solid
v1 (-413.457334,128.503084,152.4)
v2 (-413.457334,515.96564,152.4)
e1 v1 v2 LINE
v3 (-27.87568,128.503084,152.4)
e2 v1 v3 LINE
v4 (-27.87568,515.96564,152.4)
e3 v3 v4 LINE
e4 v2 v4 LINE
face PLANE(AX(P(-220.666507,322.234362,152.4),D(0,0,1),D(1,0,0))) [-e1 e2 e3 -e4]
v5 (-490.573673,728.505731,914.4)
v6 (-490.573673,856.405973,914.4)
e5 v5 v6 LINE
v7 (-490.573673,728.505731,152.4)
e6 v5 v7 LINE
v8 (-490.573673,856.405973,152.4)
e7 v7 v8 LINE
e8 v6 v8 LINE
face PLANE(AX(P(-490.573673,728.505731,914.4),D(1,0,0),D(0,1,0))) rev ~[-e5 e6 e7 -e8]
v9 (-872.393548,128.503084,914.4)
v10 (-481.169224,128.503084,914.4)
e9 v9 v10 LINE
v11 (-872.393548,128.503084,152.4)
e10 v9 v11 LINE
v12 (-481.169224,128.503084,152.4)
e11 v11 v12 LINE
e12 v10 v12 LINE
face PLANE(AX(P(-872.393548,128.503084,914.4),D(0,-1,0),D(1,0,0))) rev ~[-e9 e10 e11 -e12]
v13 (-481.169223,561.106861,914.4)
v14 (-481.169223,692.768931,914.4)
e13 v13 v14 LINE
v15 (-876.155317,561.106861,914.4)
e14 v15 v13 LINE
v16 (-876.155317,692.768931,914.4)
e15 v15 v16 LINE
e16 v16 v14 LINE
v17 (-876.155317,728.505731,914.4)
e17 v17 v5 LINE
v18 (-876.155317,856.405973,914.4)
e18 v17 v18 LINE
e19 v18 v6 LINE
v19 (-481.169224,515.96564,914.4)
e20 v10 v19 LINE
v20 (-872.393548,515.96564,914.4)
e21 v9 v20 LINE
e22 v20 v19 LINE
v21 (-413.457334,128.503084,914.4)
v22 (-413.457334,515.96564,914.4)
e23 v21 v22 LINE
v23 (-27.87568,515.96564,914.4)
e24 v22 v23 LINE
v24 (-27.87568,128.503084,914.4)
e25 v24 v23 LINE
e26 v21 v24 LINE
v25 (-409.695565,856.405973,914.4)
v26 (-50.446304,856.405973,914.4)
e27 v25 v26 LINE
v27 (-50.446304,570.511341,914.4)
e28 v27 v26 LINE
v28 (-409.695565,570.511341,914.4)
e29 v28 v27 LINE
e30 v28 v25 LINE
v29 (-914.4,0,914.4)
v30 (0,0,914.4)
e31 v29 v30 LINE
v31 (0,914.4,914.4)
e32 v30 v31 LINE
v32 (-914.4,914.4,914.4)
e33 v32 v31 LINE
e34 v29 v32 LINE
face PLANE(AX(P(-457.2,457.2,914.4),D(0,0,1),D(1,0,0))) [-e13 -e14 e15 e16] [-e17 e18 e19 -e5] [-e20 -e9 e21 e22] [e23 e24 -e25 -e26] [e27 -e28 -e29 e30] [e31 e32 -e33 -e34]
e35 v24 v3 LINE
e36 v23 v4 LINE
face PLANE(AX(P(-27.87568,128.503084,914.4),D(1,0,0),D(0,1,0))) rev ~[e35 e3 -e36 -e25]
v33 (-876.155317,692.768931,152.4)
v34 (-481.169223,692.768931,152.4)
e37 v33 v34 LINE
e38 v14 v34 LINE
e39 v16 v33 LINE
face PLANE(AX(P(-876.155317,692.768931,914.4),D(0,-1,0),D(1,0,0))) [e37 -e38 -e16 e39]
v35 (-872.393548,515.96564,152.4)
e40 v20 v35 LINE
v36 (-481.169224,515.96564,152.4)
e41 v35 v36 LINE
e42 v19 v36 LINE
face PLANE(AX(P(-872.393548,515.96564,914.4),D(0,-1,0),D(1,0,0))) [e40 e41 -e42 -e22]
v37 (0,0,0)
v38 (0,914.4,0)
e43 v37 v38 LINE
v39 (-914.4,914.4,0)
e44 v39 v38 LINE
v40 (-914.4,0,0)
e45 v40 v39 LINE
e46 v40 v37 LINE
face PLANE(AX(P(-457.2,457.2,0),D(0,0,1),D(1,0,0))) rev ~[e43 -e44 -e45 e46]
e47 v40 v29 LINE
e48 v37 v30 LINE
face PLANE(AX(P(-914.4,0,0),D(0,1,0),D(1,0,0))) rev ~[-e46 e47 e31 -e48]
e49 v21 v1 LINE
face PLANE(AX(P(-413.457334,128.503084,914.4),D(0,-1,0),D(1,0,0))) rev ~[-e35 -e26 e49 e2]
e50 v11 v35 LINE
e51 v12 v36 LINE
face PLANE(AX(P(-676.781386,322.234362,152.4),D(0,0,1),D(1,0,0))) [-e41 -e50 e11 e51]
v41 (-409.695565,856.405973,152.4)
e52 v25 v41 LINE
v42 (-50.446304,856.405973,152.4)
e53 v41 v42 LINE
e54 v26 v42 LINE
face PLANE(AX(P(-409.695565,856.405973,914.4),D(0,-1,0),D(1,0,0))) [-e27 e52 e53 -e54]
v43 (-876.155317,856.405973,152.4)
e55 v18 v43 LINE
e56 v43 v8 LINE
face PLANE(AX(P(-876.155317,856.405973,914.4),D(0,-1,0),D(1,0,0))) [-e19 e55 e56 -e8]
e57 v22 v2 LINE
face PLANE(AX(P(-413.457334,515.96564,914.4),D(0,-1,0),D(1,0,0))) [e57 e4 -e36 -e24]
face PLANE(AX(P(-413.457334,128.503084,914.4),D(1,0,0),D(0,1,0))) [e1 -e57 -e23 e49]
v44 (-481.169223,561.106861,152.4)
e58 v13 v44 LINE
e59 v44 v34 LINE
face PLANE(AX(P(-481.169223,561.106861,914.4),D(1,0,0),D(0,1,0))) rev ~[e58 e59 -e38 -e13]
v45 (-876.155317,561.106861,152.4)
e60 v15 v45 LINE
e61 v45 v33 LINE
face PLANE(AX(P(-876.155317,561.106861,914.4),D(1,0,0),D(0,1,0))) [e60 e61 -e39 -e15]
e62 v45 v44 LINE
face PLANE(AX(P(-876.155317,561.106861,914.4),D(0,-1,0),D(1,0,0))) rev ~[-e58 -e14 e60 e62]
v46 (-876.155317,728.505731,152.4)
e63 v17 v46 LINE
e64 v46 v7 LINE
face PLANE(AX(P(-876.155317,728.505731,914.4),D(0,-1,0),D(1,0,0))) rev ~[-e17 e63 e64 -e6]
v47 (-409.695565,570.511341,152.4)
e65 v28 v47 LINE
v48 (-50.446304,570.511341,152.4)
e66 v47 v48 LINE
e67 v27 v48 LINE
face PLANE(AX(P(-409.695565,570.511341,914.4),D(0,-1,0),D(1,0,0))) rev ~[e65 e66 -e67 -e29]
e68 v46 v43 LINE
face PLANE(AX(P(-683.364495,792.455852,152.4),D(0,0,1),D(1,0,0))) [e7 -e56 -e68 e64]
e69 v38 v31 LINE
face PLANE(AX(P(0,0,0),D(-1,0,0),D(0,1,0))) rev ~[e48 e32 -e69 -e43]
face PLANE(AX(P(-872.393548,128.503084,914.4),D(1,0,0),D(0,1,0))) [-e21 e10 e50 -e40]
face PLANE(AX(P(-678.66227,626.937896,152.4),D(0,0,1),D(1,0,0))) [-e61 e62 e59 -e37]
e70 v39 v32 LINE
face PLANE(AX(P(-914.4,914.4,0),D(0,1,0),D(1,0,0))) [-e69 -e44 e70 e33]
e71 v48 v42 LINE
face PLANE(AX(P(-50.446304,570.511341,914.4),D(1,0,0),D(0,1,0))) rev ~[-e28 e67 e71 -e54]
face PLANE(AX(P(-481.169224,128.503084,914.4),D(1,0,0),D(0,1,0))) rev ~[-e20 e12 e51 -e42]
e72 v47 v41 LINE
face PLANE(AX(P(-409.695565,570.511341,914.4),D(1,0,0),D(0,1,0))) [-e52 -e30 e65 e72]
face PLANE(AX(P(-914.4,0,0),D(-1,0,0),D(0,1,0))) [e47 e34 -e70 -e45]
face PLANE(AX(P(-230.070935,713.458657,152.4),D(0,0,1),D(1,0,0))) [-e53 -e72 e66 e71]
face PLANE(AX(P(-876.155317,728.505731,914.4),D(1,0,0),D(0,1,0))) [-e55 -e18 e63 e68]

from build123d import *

# Parameters (mm, degrees)
F0_W     = 914.4
F0_H     = 914.4
F1_DEPTH = 914.4
F2_W     = 385.581643
F2_H     = 127.900242
F2_W_2   = 359.249261
F2_H_2   = 285.894632
F2_W_3   = 394.986093
F2_H_3   = 131.66207
F2_W_4   = 391.224324
F2_H_4   = 387.462557
F2_W_5   = 385.581654
F3_DEPTH = 762


with BuildPart() as f1:
    # F0 (on Top) → F1 (new body)
    with BuildSketch(Plane.XY):
        with Locations((-457.2, 457.2)):
            Rectangle(F0_W, F0_H)
    extrude(amount=F1_DEPTH)

    # F2 (on face) → F3 (cut)
    with BuildSketch(Plane.XY.offset(914.4)):
        with Locations((-683.364495, 792.455852)):
            Rectangle(F2_W, F2_H)
        with Locations((-230.070935, 713.458657)):
            Rectangle(F2_W_2, F2_H_2)
        with Locations((-678.66227, 626.937896)):
            Rectangle(F2_W_3, F2_H_3)
        with Locations((-676.781386, 322.234362)):
            Rectangle(F2_W_4, F2_H_4)
        with Locations((-220.666507, 322.234362)):
            Rectangle(F2_W_5, F2_H_4)
    extrude(amount=-F3_DEPTH, mode=Mode.SUBTRACT)


solid = f1.part
